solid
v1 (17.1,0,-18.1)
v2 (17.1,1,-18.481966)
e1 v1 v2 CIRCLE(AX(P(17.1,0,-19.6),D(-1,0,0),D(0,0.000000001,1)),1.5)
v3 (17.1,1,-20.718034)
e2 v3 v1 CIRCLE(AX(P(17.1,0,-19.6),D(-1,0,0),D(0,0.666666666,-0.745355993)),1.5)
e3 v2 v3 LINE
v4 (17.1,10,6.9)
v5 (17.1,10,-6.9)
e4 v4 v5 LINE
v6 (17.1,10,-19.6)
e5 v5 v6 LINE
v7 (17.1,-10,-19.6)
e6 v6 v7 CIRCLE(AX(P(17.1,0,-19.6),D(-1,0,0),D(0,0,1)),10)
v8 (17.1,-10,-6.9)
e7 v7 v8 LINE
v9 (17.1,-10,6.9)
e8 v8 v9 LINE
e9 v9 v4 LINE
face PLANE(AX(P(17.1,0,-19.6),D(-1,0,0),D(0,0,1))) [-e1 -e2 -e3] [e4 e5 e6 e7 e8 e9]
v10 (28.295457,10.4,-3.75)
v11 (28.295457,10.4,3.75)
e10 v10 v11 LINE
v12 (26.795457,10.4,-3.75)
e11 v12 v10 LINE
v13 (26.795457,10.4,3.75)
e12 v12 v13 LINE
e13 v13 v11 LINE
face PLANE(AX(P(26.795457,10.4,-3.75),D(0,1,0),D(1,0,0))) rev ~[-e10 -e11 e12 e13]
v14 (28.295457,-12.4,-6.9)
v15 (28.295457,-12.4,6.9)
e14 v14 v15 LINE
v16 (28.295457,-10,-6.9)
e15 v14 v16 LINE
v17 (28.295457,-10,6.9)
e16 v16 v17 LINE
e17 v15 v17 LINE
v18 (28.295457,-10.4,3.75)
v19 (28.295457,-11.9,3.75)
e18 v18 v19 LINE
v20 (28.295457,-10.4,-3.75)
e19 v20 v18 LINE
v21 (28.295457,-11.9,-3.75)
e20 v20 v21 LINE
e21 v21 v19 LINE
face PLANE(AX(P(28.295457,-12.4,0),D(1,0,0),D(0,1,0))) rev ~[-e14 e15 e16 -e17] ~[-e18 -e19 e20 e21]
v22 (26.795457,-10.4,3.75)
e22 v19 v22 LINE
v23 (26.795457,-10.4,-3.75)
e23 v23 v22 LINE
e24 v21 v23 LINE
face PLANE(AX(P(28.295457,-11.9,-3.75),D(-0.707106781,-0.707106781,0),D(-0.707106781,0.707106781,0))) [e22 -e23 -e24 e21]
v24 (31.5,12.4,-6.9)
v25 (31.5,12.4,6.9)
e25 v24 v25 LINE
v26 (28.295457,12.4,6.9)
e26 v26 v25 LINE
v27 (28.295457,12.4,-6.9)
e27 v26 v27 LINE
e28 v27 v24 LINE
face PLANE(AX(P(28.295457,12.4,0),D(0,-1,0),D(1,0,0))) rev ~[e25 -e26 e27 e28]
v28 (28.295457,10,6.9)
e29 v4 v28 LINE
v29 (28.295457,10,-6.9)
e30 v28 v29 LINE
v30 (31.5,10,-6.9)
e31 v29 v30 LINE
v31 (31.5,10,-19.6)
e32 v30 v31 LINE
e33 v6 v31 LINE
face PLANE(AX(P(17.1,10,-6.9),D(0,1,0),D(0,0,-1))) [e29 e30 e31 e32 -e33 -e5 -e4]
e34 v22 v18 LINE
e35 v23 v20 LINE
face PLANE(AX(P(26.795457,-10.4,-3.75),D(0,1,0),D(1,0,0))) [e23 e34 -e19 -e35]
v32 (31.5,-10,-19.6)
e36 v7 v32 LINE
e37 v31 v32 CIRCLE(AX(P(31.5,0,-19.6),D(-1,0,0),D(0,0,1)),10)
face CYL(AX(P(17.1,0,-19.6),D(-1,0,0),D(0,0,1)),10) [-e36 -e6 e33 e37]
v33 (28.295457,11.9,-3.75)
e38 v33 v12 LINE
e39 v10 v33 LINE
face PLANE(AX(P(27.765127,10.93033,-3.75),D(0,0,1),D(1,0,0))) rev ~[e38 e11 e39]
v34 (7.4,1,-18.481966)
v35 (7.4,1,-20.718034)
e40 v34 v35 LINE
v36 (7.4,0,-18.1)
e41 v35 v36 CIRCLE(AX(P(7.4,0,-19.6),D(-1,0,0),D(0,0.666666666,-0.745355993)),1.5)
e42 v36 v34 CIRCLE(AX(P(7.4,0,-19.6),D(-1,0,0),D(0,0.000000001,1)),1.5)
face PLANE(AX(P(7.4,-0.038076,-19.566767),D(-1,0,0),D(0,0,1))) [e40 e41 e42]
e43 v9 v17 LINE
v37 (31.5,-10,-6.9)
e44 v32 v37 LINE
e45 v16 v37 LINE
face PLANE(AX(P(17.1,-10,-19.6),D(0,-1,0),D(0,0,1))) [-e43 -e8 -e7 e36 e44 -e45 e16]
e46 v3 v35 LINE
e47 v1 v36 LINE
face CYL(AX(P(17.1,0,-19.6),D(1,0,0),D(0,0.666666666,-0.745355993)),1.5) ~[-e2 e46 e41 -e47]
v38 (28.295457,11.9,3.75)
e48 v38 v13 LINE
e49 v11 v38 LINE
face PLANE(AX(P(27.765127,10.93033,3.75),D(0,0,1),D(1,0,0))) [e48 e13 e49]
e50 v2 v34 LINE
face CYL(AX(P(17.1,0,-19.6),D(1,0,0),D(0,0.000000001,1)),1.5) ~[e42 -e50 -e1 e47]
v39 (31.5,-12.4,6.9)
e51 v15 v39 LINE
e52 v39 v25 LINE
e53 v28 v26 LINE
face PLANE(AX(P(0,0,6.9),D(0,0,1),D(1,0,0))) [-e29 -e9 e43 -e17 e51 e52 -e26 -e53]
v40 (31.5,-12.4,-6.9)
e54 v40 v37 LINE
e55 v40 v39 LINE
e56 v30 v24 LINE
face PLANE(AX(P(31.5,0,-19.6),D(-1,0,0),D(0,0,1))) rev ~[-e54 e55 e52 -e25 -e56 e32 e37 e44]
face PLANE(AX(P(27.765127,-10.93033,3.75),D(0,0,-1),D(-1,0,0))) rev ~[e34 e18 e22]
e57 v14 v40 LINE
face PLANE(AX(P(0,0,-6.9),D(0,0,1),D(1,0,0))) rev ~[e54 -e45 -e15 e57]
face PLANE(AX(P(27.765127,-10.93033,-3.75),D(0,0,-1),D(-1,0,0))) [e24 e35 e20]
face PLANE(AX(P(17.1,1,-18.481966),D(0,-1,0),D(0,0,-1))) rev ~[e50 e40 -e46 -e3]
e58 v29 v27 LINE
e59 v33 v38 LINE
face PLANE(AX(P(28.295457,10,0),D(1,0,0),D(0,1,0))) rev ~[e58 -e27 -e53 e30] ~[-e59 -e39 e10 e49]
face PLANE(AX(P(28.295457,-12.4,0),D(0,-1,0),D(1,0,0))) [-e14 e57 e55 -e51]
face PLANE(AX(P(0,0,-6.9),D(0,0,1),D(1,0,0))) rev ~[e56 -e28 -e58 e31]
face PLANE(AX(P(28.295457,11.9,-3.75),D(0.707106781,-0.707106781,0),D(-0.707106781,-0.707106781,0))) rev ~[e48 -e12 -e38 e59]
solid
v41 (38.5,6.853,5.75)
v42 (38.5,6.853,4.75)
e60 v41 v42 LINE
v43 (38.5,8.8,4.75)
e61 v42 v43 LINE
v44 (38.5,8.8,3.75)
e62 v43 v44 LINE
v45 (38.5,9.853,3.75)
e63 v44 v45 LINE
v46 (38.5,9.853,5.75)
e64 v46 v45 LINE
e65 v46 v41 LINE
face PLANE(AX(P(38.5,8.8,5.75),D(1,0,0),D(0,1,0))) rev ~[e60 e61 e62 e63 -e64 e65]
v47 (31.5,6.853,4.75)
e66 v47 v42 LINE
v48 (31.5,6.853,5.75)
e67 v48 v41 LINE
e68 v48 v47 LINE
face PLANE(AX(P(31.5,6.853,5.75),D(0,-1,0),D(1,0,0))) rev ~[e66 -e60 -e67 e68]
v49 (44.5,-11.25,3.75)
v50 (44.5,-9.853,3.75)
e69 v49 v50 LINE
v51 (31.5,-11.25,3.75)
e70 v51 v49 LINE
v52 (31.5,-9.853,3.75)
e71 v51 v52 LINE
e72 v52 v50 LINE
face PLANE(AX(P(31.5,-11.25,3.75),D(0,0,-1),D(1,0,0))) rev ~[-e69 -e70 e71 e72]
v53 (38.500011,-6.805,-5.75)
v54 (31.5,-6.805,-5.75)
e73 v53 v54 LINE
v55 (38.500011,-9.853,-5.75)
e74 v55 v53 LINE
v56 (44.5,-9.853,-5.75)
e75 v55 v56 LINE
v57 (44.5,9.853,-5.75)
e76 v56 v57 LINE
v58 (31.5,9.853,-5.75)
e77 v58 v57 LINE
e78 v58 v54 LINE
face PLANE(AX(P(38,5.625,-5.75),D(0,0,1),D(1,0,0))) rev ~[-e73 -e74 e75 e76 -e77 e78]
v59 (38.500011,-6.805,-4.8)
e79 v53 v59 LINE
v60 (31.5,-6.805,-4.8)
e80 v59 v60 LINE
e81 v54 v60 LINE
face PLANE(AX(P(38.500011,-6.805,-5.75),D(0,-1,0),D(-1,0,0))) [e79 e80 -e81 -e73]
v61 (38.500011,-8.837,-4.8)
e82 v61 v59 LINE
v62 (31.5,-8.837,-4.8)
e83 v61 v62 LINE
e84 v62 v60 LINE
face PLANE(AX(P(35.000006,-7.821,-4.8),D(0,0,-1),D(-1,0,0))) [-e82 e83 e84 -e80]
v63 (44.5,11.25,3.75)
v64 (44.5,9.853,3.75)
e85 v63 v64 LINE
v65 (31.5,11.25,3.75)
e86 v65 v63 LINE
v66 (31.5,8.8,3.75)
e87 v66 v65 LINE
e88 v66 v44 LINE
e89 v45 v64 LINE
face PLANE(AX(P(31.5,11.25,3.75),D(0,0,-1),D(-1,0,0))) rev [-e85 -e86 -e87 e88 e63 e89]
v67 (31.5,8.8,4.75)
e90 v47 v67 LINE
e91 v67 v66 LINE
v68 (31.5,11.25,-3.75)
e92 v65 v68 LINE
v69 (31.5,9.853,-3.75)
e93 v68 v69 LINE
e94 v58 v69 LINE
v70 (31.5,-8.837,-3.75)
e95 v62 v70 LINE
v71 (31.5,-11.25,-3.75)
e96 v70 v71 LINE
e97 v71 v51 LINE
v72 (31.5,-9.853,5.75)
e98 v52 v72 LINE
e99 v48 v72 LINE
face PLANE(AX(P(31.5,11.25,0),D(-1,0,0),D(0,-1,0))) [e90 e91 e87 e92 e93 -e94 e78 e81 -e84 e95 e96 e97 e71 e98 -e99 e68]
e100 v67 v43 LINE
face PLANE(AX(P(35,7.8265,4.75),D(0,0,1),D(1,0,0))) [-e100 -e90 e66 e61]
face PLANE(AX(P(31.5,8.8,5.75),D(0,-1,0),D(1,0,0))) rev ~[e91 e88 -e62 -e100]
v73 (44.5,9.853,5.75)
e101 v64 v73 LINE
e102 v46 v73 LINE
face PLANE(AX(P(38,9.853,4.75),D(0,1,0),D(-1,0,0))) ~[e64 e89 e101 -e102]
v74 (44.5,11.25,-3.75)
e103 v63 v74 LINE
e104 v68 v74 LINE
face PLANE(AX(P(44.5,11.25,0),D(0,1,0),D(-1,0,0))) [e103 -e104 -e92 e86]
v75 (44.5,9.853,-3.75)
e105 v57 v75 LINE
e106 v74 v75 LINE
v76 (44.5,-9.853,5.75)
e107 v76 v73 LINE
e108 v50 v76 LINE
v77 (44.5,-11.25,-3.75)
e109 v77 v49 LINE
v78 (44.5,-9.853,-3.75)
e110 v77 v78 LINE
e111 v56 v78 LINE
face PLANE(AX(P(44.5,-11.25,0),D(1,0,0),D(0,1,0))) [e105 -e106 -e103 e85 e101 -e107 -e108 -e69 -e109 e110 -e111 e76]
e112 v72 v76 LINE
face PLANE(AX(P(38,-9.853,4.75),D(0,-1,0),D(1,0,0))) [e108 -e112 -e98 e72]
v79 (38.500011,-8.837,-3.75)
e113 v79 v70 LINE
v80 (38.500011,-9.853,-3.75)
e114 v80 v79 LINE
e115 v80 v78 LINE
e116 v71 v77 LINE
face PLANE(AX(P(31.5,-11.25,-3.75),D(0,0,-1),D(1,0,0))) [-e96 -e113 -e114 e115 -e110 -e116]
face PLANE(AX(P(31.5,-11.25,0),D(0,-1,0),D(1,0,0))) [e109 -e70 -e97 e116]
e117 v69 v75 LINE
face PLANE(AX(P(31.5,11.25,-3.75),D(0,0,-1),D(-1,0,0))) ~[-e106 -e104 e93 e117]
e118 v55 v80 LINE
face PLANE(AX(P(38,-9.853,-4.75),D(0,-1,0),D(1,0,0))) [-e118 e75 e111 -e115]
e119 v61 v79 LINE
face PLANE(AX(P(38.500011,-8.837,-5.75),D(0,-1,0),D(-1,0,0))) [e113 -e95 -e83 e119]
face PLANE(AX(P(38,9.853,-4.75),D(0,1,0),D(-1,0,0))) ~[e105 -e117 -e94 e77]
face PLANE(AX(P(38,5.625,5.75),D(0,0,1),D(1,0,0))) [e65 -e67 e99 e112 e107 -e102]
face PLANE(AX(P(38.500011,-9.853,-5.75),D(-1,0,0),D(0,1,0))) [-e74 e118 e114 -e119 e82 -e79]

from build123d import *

# Parameters (mm, degrees)
SKETCH1_R           = 10
SKETCH1_W           = 31.5
SKETCH1_H           = 20
SKETCH1_W_2         = 3.204542896
SKETCH1_H_2         = 24.8
BOSS_EXTRUDE1_DEPTH = 6.9
BOSS_EXTRUDE2_DEPTH = 5.75
BOSS_EXTRUDE3_DEPTH = 9.7
SKETCH3_W           = 13
SKETCH3_H           = 1.999999936
SKETCH3_H_2         = 2.000000064
CUT_EXTRUDE1_DEPTH  = 1.397
SKETCH4_W           = 7.0000114
SKETCH4_H           = 1.016
CUT_EXTRUDE2_DEPTH  = 2.000000064
SKETCH6_W           = 7
SKETCH6_H           = 1.947
CUT_EXTRUDE4_DEPTH  = 1
SKETCH4_3_W         = 7.0000114
SKETCH4_3_H         = 2.032
CUT_EXTRUDE3_DEPTH  = 0.95
SKETCH6_3_W         = 7
SKETCH6_3_H         = 1.053
CUT_EXTRUDE5_DEPTH  = 1.999999936
BOSS_EXTRUDE4_START = -3.75
BOSS_EXTRUDE4_DEPTH = 7.5
SKETCH9_W           = 36.585233059
SKETCH9_H           = 32.734155895
CUT_EXTRUDE6_DEPTH  = 53.512569924
SKETCH10_R          = 10
BOSS_EXTRUDE5_DEPTH = 14.400000064
BOSS_EXTRUDE6_DEPTH = 9.7


with BuildPart() as part:
    # Sketch1 → Boss-Extrude1 (new, symmetric)
    with BuildSketch(Plane.XY):
        Circle(SKETCH1_R)
        with Locations((15.75, 0)):
            Rectangle(SKETCH1_W, SKETCH1_H)
        with Locations((29.897728552, 0)):
            Rectangle(SKETCH1_W_2, SKETCH1_H_2)
    extrude(amount=BOSS_EXTRUDE1_DEPTH, both=True)

    # Sketch2 → Boss-Extrude3 (add)
    with BuildSketch(Plane.XY.offset(6.9)):
        with BuildLine():
            Line((1.118033989, 1), (-1.118033989, 1))
            ThreePointArc((-1.118033989, 1), (-0.535233135, -1.401258538), (1.5, 0))
            ThreePointArc((1.5, 0), (1.401258538, 0.535233135), (1.118033989, 1))
        make_face()
    extrude(amount=BOSS_EXTRUDE3_DEPTH)

    # Sketch8 → Boss-Extrude4 (add)
    with BuildSketch(Plane.XY.offset(BOSS_EXTRUDE4_START)):
        Polygon((26.795457104, 10.4), (28.295457104, 10.4), (28.295457104, 11.9), align=None)
        Polygon((26.795457104, -10.4), (28.295457104, -10.4), (28.295457104, -11.9), align=None)
    extrude(amount=BOSS_EXTRUDE4_DEPTH)

    # Sketch9 → Cut-Extrude6 (cut, through all)
    with BuildSketch(Plane(origin=(0, 10, 0), x_dir=(1, 0, 0), z_dir=(0, 1, 0))):
        with Locations((-1.192616594, -3.580870026)):
            Rectangle(SKETCH9_W, SKETCH9_H)
    extrude(amount=-CUT_EXTRUDE6_DEPTH, mode=Mode.SUBTRACT)

    # Sketch10 → Boss-Extrude5 (add)
    with BuildSketch(Plane.ZY.offset(-17.099999936)):
        with Locations((-19.6, 0)):
            Circle(SKETCH10_R)
        with BuildLine():
            Line((-6.9, 10), (-19.6, 10))
            ThreePointArc((-19.6, 10), (-12.528932188, 7.071067812), (-9.6, 0))
            ThreePointArc((-9.6, 0), (-12.528932188, -7.071067812), (-19.6, -10))
            Line((-19.6, -10), (-6.9, -10))
            Line((-6.9, -10), (-6.9, 10))
        make_face()
    extrude(amount=-BOSS_EXTRUDE5_DEPTH)

    # Sketch11 → Boss-Extrude6 (add)
    with BuildSketch(Plane.ZY.offset(-17.099999936)):
        with BuildLine():
            Line((-18.481966011, 1), (-20.718033989, 1))
            ThreePointArc((-20.718033989, 1), (-20.135233135, -1.401258538), (-18.1, 0))
            ThreePointArc((-18.1, 0), (-18.198741462, 0.535233135), (-18.481966011, 1))
        make_face()
    extrude(amount=BOSS_EXTRUDE6_DEPTH)


with BuildPart() as body_2:
    # Sketch1<3> → Boss-Extrude2 (new, symmetric)
    with BuildSketch(Plane.XY):
        Polygon((31.5, 11.25), (31.5, 10), (31.5, 0), (44.5, 0), (44.5, 11.25), align=None)
        Polygon((31.5, 0), (31.5, -10), (31.5, -11.25), (44.5, -11.25), (44.5, 0), align=None)
    extrude(amount=BOSS_EXTRUDE2_DEPTH, both=True)

    # Sketch3 → Cut-Extrude1 (cut)
    with BuildSketch(Plane.XZ.offset(11.25)):
        with Locations((38, 4.750000032)):
            Rectangle(SKETCH3_W, SKETCH3_H)
        with Locations((38, -4.749999968)):
            Rectangle(SKETCH3_W, SKETCH3_H_2)
    cut_extrude1 = extrude(amount=-CUT_EXTRUDE1_DEPTH, mode=Mode.SUBTRACT)

    # Mirror1: Cut-Extrude1 across plane
    add(cut_extrude1.mirror(Plane.ZX), mode=Mode.SUBTRACT)

    # Sketch4 → Cut-Extrude2 (cut)
    with BuildSketch(Plane(origin=(0, 0, -5.75), x_dir=(-1, 0, 0), z_dir=(0, 0, -1))):
        with Locations((-35.0000057, -9.345)):
            Rectangle(SKETCH4_W, SKETCH4_H)
    extrude(amount=-CUT_EXTRUDE2_DEPTH, mode=Mode.SUBTRACT)

    # Sketch6 → Cut-Extrude4 (cut)
    with BuildSketch(Plane.XY.offset(5.75)):
        with Locations((35, 7.8265)):
            Rectangle(SKETCH6_W, SKETCH6_H)
    extrude(amount=-CUT_EXTRUDE4_DEPTH, mode=Mode.SUBTRACT)

    # Sketch4<3> → Cut-Extrude3 (cut)
    with BuildSketch(Plane(origin=(0, 0, -5.75), x_dir=(-1, 0, 0), z_dir=(0, 0, -1))):
        with Locations((-35.0000057, -7.821)):
            Rectangle(SKETCH4_3_W, SKETCH4_3_H)
    extrude(amount=-CUT_EXTRUDE3_DEPTH, mode=Mode.SUBTRACT)

    # Sketch6<3> → Cut-Extrude5 (cut)
    with BuildSketch(Plane.XY.offset(5.75)):
        with Locations((35, 9.3265)):
            Rectangle(SKETCH6_3_W, SKETCH6_3_H)
    extrude(amount=-CUT_EXTRUDE5_DEPTH, mode=Mode.SUBTRACT)


solid = Compound([part.part, body_2.part])
